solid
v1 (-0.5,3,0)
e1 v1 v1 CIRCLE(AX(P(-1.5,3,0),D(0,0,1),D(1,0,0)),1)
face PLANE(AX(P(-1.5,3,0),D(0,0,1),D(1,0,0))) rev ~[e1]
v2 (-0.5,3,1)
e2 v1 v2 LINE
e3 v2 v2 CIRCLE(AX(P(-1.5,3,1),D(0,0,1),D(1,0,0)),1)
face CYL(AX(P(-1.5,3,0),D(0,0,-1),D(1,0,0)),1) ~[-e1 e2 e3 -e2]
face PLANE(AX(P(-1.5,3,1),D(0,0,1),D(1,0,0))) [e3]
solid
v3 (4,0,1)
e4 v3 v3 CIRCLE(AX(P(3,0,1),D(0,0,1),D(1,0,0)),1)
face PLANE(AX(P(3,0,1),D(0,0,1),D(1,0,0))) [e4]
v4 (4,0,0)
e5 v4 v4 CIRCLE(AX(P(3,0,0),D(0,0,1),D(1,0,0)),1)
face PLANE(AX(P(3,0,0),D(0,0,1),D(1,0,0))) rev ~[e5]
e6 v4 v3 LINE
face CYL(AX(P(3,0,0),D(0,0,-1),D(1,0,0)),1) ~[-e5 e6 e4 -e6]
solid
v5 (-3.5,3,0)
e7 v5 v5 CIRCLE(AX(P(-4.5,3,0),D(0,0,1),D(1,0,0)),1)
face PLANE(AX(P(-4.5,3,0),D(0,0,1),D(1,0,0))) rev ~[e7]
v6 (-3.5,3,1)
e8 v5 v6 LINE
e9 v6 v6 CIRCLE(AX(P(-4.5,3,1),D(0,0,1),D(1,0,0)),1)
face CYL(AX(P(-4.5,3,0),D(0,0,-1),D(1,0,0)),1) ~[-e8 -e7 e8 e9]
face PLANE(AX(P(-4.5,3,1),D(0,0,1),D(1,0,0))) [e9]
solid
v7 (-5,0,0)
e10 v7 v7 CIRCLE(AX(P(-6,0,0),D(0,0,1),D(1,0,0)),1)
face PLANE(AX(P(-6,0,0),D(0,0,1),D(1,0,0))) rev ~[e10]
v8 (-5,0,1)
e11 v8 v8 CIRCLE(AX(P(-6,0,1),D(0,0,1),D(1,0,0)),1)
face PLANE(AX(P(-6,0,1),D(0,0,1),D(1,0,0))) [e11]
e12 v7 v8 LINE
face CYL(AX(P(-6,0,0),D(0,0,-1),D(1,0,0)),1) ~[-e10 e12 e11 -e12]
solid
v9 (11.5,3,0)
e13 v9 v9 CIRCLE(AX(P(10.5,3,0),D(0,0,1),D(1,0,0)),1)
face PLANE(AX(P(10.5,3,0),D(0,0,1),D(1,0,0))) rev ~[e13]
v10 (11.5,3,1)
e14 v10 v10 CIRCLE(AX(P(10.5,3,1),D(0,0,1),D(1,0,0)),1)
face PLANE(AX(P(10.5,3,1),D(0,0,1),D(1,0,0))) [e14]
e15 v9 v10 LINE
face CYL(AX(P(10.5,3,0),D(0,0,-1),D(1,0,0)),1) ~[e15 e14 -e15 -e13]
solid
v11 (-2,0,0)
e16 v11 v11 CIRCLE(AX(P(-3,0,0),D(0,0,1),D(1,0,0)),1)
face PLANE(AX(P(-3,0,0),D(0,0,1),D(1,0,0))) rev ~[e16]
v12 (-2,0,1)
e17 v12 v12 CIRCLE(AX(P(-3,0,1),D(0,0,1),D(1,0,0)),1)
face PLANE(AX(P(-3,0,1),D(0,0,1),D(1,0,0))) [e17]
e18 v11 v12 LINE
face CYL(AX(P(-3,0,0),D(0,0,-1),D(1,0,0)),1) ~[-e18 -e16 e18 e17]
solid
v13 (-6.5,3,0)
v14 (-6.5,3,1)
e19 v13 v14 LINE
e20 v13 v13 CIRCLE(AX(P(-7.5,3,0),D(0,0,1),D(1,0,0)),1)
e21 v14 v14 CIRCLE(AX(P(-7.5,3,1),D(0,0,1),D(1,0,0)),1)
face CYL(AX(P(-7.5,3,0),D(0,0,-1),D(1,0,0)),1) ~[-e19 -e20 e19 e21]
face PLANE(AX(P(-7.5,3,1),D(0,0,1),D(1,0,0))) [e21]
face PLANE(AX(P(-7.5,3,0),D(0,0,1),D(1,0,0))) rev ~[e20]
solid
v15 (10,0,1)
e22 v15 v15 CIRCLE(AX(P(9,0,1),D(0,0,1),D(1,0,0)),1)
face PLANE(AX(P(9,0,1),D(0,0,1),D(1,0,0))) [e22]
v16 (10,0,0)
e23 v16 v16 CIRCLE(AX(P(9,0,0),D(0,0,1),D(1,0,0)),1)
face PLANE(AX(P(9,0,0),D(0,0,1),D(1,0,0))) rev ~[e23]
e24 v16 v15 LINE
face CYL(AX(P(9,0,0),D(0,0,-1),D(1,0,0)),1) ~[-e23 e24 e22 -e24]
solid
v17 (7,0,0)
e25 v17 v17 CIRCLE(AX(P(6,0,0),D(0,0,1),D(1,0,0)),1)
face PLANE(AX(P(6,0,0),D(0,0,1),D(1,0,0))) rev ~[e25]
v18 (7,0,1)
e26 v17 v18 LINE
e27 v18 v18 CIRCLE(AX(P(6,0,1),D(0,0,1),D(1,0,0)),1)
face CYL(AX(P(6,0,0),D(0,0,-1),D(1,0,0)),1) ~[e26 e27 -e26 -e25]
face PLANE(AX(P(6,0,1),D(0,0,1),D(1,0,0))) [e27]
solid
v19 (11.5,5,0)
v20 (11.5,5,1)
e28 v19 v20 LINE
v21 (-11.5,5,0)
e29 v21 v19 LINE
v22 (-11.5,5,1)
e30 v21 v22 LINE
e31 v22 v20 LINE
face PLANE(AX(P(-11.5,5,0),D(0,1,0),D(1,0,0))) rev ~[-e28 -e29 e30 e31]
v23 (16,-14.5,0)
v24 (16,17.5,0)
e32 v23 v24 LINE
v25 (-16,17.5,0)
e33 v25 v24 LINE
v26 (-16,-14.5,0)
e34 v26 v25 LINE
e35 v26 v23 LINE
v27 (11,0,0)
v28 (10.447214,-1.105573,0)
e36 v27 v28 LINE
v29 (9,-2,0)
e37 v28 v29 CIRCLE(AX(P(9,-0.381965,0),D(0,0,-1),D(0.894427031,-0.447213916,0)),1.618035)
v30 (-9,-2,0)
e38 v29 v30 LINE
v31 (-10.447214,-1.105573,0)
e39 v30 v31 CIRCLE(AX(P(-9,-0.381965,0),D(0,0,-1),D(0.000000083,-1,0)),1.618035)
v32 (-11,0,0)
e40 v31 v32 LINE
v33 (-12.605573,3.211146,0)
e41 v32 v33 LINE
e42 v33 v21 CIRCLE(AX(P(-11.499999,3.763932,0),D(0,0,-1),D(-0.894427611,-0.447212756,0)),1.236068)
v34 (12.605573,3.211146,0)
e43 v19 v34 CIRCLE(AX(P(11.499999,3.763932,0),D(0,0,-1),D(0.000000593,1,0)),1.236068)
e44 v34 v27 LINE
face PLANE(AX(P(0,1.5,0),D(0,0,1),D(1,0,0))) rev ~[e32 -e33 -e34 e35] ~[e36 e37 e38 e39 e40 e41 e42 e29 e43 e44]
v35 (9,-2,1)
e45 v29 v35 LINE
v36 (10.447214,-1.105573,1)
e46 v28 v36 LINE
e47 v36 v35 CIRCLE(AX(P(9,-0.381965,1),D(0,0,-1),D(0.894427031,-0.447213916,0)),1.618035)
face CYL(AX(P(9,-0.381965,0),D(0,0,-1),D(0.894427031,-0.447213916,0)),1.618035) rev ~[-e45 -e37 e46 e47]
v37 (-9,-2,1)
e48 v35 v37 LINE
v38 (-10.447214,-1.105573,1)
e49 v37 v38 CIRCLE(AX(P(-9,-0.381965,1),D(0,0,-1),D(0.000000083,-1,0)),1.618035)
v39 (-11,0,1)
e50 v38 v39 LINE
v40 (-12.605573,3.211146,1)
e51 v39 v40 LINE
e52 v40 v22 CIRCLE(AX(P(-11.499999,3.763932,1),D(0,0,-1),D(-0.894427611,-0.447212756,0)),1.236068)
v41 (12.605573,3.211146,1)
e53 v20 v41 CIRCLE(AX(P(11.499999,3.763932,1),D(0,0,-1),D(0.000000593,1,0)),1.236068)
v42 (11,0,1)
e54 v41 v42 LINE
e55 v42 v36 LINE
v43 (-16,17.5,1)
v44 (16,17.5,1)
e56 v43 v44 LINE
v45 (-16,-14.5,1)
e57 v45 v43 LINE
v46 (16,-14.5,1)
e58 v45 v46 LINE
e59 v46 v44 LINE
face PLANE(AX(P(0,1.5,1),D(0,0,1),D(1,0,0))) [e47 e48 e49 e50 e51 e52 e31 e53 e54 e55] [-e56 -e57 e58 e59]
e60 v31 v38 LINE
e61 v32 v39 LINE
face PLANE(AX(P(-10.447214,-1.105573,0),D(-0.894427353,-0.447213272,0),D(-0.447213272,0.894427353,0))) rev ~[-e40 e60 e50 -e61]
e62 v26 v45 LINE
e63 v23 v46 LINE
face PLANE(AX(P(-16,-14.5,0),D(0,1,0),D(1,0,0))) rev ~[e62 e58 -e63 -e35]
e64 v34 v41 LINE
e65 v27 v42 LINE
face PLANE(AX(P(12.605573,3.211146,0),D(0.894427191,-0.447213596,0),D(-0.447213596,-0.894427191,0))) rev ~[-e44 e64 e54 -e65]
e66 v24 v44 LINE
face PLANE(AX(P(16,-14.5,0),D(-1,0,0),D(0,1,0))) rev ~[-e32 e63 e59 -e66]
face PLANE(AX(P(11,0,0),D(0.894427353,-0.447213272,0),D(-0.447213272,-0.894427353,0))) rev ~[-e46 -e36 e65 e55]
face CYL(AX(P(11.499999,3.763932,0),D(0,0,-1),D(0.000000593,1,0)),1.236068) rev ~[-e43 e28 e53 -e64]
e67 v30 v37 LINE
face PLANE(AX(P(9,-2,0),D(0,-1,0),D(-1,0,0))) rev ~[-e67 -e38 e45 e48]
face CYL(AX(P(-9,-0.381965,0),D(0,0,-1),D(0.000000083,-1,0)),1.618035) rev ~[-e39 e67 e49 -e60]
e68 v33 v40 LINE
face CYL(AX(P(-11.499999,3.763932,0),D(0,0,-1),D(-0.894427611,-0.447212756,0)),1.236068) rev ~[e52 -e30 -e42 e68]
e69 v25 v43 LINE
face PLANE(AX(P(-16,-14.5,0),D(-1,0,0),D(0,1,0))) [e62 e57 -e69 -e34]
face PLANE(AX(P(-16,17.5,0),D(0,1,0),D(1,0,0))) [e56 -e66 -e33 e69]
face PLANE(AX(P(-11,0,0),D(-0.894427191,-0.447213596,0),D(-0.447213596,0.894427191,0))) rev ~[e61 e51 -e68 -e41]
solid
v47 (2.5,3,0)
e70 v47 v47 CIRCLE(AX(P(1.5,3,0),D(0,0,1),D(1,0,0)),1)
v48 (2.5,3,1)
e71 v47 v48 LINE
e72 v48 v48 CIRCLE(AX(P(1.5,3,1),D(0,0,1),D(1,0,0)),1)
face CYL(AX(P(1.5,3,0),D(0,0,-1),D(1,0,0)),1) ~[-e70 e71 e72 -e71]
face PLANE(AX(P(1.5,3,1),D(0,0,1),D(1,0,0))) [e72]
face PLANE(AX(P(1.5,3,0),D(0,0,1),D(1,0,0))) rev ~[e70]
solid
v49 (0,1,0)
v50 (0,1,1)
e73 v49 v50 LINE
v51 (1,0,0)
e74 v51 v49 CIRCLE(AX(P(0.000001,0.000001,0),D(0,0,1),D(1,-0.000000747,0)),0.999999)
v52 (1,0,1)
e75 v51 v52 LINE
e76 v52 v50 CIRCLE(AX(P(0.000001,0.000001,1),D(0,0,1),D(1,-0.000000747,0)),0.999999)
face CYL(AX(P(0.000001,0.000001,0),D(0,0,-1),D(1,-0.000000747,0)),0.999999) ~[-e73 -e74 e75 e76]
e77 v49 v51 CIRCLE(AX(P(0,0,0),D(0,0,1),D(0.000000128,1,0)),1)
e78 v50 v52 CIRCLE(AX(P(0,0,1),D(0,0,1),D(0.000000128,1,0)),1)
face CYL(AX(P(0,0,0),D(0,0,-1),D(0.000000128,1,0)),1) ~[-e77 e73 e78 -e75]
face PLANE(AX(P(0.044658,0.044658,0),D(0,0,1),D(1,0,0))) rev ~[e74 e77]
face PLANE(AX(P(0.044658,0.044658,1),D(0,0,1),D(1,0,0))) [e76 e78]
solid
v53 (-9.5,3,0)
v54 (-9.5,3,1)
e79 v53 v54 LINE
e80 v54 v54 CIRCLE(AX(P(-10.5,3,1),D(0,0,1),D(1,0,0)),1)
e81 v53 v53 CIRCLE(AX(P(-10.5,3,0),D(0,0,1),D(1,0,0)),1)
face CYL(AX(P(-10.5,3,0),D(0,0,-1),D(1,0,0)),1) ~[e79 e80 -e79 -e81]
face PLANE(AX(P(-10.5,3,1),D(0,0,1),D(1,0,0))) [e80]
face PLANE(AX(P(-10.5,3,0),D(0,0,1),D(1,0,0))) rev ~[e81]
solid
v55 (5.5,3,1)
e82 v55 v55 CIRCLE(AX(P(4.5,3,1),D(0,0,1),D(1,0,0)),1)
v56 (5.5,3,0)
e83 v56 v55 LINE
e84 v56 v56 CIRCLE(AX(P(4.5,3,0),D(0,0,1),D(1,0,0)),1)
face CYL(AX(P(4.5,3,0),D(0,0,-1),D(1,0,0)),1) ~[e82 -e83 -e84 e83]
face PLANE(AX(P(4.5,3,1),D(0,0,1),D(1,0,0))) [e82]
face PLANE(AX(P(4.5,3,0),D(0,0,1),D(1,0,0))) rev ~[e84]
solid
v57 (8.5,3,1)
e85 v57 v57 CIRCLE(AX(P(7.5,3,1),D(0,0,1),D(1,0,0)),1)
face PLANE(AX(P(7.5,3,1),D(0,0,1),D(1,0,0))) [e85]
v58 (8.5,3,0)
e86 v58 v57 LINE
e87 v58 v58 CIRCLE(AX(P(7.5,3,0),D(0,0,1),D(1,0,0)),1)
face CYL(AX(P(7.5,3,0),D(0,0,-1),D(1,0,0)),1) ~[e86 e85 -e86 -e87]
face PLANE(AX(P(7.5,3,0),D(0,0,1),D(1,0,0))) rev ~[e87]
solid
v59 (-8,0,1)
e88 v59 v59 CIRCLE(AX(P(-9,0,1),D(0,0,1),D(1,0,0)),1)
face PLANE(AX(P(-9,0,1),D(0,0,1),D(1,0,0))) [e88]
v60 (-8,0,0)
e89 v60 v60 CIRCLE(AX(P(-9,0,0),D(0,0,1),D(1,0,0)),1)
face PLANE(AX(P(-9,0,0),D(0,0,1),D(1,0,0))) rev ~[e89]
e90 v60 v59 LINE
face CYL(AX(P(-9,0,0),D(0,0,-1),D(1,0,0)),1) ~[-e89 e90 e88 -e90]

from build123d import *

# Parameters (mm, degrees)
F0_R     = 1
F1_DEPTH = 1
F0_W     = 32
F0_H     = 32
F2_DEPTH = 1


with BuildPart() as f1:
    # F0 (on Top) → F1 (new body)
    with BuildSketch(Plane.XY):
        with Locations((-10.5, 3)):
            Circle(F0_R)
        with Locations((-7.5, 3)):
            Circle(F0_R)
        with Locations((-4.5, 3)):
            Circle(F0_R)
        with Locations((-1.5, 3)):
            Circle(F0_R)
        with Locations((1.5, 3)):
            Circle(F0_R)
        with Locations((4.5, 3)):
            Circle(F0_R)
        with Locations((7.5, 3)):
            Circle(F0_R)
        with Locations((10.5, 3)):
            Circle(F0_R)
        with Locations((-9, 0)):
            Circle(F0_R)
        with Locations((-6, 0)):
            Circle(F0_R)
        with Locations((-3, 0)):
            Circle(F0_R)
        with BuildLine():
            ThreePointArc((0, 1), (-0.707107, -0.707107), (1, 0))
            ThreePointArc((1, 0), (0.707107, 0.707107), (0, 1))
        make_face()
        with Locations((3, 0)):
            Circle(F0_R)
        with Locations((6, 0)):
            Circle(F0_R)
        with Locations((9, 0)):
            Circle(F0_R)
    extrude(amount=F1_DEPTH)


with BuildPart() as f2:
    # F0 (on Top) → F2 (new body)
    with BuildSketch(Plane.XY):
        with Locations((0, 1.5)):
            Rectangle(F0_W, F0_H)
        with BuildLine():
            Line((9, -2), (-9, -2))
            ThreePointArc((-9, -2), (-9.850651, -1.758348), (-10.447214, -1.105573))
            Line((-10.447214, -1.105573), (-11, 0))
            Line((-11, 0), (-12.5, 3))
            Line((-12.5, 3), (-12.605573, 3.211146))
            ThreePointArc((-12.605573, 3.211146), (-12.551462, 4.413771), (-11.5, 5))
            Line((-11.5, 5), (-10.5, 5))
            Line((-10.5, 5), (11.5, 5))
            ThreePointArc((11.5, 5), (12.551462, 4.413771), (12.605573, 3.211146))
            Line((12.605573, 3.211146), (12.5, 3))
            Line((12.5, 3), (11, 0))
            Line((11, 0), (10.447214, -1.105573))
            ThreePointArc((10.447214, -1.105573), (9.850651, -1.758348), (9, -2))
        make_face(mode=Mode.SUBTRACT)
    extrude(amount=F2_DEPTH)


solid = Compound([f1.part, f2.part])
